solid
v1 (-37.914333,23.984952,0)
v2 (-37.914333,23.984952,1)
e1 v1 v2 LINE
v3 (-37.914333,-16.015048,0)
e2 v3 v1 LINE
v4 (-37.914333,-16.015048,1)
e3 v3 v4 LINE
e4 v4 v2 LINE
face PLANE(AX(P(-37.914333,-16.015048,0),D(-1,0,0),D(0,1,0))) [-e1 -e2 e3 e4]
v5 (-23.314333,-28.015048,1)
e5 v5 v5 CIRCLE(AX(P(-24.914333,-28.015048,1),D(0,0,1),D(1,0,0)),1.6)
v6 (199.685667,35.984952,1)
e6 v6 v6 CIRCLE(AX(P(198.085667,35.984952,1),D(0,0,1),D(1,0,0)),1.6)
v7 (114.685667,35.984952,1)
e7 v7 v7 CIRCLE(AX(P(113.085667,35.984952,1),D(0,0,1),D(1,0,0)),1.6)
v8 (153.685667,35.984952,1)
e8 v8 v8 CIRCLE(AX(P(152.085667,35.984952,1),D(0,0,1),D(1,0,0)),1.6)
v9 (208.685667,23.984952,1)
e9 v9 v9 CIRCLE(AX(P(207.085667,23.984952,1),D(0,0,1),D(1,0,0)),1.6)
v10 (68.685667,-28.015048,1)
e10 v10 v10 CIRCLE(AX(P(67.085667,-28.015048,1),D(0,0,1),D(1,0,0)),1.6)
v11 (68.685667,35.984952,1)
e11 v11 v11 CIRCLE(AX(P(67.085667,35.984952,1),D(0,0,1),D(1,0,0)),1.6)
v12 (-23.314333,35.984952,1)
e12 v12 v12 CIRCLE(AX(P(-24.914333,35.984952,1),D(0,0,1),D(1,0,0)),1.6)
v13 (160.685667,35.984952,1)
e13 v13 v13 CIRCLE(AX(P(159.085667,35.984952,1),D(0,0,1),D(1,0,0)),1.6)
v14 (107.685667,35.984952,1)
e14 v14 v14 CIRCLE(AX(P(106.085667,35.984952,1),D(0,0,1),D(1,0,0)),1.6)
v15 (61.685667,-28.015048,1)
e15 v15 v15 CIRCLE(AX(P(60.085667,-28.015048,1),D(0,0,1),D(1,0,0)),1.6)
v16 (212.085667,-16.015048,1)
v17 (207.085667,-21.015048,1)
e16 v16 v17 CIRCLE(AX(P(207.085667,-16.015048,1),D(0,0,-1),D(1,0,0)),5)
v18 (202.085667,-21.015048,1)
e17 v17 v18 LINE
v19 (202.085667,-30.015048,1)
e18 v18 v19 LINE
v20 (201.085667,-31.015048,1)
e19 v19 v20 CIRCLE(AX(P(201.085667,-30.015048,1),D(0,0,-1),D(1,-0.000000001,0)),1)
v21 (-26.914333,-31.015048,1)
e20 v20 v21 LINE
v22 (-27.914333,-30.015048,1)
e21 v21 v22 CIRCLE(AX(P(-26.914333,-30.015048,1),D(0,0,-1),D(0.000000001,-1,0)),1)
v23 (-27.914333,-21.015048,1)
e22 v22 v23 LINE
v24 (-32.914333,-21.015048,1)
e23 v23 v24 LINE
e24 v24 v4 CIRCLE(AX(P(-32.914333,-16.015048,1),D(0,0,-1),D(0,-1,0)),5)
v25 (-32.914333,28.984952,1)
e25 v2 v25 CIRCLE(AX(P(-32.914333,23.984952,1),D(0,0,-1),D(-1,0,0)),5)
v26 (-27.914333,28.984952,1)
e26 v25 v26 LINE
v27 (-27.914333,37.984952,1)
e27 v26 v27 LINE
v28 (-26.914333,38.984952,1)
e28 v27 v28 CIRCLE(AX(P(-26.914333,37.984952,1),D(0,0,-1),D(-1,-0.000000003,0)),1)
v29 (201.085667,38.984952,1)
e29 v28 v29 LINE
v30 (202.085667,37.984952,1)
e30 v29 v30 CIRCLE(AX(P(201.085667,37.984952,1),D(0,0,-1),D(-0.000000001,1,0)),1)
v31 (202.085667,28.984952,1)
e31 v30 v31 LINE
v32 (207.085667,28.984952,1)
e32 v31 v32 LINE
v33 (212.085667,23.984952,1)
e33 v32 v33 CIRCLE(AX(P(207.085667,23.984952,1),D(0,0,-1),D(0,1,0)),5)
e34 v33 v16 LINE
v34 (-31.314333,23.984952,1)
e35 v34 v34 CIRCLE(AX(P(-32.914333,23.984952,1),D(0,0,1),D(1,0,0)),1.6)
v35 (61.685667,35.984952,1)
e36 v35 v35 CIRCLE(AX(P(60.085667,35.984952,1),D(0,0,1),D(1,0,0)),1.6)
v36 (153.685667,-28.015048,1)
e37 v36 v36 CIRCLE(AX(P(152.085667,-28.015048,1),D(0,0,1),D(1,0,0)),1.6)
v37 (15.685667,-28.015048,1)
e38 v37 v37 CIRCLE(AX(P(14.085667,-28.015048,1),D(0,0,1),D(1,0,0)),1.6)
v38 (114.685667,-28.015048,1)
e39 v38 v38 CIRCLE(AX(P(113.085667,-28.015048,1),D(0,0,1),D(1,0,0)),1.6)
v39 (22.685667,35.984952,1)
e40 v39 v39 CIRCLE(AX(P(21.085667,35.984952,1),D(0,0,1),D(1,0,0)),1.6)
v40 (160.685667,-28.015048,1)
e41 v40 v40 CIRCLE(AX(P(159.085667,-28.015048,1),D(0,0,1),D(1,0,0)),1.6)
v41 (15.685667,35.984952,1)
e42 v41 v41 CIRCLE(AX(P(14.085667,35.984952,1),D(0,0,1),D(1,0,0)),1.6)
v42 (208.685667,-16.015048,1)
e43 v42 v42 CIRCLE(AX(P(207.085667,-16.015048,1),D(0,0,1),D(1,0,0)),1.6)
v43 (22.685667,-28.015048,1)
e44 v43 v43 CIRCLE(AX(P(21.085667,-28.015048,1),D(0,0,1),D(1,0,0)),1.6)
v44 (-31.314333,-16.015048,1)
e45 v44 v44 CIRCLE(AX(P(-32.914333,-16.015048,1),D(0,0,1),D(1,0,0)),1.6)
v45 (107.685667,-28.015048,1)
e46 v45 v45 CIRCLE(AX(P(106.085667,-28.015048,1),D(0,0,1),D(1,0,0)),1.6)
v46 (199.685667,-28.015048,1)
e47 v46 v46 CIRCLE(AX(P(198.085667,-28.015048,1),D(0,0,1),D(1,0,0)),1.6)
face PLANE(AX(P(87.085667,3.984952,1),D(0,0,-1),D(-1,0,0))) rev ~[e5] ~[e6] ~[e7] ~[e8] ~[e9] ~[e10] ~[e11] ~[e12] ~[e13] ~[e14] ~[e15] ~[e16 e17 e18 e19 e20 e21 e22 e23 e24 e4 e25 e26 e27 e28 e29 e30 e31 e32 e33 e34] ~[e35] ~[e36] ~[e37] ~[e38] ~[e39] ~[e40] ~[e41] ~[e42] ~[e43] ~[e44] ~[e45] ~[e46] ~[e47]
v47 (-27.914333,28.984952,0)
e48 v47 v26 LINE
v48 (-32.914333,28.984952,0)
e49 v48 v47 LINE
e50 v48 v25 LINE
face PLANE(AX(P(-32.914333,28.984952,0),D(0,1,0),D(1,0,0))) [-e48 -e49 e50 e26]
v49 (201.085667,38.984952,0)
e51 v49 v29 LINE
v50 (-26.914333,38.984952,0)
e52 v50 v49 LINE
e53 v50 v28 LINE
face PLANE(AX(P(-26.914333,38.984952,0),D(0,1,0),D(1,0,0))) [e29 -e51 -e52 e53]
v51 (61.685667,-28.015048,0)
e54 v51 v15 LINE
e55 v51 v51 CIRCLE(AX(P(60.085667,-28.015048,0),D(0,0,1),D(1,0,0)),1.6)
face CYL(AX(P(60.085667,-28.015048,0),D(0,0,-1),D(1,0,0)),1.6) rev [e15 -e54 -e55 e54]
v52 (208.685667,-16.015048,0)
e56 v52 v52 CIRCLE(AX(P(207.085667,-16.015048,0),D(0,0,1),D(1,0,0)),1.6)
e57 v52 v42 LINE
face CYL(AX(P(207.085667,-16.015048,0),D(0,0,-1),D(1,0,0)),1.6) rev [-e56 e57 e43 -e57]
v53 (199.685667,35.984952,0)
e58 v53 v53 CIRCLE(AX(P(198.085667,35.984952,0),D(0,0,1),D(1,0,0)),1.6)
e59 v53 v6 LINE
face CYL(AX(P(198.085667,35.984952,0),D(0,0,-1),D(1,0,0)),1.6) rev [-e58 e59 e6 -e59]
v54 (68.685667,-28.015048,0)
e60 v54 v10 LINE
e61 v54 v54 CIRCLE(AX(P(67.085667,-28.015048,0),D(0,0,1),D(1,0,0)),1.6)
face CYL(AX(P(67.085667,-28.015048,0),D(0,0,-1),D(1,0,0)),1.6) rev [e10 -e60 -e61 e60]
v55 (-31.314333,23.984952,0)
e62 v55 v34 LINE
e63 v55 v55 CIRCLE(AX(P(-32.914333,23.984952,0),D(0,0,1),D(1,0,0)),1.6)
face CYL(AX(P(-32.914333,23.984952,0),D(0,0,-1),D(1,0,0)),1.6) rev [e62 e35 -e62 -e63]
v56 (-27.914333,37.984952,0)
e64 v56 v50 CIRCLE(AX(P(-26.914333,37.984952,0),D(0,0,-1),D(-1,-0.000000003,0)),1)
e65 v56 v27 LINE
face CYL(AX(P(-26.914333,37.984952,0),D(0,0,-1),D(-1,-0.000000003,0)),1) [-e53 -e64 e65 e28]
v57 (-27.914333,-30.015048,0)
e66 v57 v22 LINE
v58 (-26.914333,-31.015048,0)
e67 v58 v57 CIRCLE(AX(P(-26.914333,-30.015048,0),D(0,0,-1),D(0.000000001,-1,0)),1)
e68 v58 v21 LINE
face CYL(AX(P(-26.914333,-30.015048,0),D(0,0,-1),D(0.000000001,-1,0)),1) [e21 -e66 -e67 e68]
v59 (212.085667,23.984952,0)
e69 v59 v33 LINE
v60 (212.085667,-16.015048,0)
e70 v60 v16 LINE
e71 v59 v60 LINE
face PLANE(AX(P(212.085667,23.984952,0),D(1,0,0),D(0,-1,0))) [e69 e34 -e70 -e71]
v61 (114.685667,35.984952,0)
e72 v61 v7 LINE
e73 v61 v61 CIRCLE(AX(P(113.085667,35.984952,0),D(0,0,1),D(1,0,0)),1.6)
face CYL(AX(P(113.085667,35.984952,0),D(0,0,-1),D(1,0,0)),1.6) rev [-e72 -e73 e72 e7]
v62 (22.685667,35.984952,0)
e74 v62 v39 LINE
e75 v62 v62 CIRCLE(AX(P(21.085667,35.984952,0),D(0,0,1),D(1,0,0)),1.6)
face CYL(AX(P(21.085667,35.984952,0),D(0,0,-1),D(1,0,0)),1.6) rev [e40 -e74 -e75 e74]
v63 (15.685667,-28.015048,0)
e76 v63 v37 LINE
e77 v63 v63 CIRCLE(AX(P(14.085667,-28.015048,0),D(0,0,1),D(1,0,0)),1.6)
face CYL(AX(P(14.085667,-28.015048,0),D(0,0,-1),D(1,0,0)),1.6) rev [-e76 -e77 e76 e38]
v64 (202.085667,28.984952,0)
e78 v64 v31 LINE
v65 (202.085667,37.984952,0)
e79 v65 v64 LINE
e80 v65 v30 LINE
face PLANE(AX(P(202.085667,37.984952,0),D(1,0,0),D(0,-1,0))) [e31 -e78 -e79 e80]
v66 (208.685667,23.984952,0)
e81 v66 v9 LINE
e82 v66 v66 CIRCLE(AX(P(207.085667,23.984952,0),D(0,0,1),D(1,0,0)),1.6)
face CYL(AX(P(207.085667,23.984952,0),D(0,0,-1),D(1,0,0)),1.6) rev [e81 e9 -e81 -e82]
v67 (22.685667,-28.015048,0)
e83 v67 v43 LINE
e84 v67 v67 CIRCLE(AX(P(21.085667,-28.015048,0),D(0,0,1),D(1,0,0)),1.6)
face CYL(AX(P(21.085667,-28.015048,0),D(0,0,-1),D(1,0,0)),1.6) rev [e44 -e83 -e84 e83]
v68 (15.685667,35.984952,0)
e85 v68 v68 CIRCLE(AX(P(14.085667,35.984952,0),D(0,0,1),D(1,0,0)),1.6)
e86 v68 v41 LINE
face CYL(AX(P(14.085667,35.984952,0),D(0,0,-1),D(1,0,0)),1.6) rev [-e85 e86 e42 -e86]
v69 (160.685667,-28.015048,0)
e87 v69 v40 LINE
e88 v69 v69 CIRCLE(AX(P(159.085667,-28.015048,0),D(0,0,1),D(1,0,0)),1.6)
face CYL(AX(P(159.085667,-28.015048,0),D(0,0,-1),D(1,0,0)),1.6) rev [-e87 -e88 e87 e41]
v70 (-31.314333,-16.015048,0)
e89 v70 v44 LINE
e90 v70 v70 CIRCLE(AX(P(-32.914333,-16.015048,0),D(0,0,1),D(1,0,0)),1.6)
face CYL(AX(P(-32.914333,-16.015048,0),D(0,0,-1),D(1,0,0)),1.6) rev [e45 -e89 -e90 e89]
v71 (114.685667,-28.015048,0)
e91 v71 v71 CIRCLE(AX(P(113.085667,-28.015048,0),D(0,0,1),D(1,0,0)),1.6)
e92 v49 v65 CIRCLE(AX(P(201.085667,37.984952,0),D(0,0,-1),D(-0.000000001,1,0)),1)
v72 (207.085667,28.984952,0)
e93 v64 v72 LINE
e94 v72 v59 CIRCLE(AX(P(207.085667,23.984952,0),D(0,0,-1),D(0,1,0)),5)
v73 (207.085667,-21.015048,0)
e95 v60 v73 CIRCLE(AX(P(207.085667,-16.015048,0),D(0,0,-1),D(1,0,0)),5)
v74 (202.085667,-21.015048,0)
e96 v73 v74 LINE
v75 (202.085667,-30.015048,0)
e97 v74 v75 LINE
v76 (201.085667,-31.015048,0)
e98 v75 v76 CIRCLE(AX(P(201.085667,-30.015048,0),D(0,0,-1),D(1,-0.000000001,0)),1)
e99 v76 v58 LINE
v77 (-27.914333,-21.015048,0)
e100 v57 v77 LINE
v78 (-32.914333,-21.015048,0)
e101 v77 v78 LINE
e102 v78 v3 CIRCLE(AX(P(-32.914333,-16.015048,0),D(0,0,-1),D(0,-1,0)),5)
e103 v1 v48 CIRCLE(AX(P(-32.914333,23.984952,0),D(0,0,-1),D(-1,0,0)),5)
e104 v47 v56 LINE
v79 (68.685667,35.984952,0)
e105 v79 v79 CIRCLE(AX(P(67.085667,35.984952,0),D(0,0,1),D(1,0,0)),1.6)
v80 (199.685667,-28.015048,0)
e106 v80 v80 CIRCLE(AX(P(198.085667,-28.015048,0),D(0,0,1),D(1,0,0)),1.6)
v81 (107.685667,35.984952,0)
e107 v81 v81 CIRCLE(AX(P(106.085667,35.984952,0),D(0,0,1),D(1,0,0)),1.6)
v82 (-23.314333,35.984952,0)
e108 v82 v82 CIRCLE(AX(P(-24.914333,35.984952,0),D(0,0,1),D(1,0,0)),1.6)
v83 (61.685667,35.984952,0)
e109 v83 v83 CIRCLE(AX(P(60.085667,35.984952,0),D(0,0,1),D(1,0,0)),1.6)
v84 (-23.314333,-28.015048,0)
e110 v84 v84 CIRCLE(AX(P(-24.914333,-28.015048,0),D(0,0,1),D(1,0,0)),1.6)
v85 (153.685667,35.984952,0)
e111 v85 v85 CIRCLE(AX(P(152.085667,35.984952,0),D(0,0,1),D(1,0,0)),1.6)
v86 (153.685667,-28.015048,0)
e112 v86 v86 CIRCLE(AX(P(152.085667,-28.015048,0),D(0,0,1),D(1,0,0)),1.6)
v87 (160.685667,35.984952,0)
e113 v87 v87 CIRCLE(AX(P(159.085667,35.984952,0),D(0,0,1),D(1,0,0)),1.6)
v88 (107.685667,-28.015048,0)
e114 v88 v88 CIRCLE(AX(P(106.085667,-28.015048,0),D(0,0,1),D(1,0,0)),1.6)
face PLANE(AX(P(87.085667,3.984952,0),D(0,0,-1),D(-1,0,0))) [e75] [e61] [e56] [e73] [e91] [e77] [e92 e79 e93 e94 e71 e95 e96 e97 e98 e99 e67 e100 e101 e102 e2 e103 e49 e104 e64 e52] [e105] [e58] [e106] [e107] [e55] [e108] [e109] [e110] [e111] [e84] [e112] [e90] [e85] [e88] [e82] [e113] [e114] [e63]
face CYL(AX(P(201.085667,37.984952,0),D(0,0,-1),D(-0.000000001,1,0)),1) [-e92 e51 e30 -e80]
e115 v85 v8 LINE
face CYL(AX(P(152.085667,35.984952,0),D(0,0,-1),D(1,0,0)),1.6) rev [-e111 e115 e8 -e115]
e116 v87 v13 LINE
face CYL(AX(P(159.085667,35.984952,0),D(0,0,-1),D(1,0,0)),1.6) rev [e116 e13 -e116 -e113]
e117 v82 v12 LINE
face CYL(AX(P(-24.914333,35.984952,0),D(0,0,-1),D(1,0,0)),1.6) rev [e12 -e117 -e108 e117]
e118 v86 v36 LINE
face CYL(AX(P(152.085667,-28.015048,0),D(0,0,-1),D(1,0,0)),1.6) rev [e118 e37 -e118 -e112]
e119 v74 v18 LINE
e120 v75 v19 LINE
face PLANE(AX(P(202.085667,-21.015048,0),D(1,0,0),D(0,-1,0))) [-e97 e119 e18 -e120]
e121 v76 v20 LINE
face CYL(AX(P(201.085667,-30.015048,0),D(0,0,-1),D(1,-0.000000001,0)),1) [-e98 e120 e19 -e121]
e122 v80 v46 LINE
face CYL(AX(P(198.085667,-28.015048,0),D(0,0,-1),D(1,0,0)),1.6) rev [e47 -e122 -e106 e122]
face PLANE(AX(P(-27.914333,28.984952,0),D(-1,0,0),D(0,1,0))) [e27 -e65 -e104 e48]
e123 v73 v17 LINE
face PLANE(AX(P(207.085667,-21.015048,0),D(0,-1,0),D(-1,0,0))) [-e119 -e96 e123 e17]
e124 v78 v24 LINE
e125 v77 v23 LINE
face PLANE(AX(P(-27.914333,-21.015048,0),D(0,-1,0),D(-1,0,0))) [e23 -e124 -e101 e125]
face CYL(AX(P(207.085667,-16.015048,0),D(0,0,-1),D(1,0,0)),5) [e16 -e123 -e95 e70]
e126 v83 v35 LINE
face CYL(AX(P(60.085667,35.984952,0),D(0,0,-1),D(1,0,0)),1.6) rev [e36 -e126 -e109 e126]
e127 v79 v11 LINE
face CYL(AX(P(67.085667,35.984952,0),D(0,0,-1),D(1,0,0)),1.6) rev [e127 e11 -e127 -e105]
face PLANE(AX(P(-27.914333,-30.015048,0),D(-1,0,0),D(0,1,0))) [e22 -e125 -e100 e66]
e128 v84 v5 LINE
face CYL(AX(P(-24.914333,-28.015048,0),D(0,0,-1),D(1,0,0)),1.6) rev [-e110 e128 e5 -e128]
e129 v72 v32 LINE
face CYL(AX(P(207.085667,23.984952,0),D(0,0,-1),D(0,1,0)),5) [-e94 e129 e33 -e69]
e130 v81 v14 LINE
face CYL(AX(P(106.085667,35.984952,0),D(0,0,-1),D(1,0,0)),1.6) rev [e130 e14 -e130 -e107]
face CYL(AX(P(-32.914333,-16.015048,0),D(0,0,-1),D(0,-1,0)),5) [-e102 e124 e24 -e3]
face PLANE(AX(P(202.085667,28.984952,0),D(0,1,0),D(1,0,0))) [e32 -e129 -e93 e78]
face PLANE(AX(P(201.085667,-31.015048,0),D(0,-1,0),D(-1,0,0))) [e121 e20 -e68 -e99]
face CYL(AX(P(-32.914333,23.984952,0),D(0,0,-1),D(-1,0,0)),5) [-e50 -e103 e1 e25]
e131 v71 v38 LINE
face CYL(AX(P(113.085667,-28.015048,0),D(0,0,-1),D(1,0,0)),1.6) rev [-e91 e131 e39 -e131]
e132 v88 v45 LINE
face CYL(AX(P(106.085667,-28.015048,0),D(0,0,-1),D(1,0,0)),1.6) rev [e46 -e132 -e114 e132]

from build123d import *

# Parameters (mm, degrees)
SKETCH1_R           = 1.6
BOSS_EXTRUDE1_DEPTH = 1


with BuildPart() as part:
    # Sketch1 → Boss-Extrude1 (new body)
    with BuildSketch(Plane.XY):
        with BuildLine():
            Line((202.085666764, -21.015048426), (202.085666764, -30.015048426))
            ThreePointArc((202.085666764, -30.015048426), (201.792773545, -30.722155207), (201.085666764, -31.015048426))
            Line((201.085666764, -31.015048426), (-26.914333236, -31.015048426))
            ThreePointArc((-26.914333236, -31.015048426), (-27.621440018, -30.722155207), (-27.914333236, -30.015048426))
            Line((-27.914333236, -30.015048426), (-27.914333236, -21.015048426))
            Line((-27.914333236, -21.015048426), (-32.914333236, -21.015048426))
            ThreePointArc((-32.914333236, -21.015048426), (-36.449867142, -19.550582332), (-37.914333236, -16.015048426))
            Line((-37.914333236, -16.015048426), (-37.914333236, 23.984951574))
            ThreePointArc((-37.914333236, 23.984951574), (-36.449867142, 27.52048548), (-32.914333236, 28.984951574))
            Line((-32.914333236, 28.984951574), (-27.914333236, 28.984951574))
            Line((-27.914333236, 28.984951574), (-27.914333236, 37.984951574))
            ThreePointArc((-27.914333236, 37.984951574), (-27.621440018, 38.692058356), (-26.914333236, 38.984951574))
            Line((-26.914333236, 38.984951574), (201.085666764, 38.984951574))
            ThreePointArc((201.085666764, 38.984951574), (201.792773545, 38.692058356), (202.085666764, 37.984951574))
            Line((202.085666764, 37.984951574), (202.085666764, 28.984951574))
            Line((202.085666764, 28.984951574), (207.085666764, 28.984951574))
            ThreePointArc((207.085666764, 28.984951574), (210.62120067, 27.52048548), (212.085666764, 23.984951574))
            Line((212.085666764, 23.984951574), (212.085666764, -16.015048426))
            ThreePointArc((212.085666764, -16.015048426), (210.62120067, -19.550582332), (207.085666764, -21.015048426))
            Line((207.085666764, -21.015048426), (202.085666764, -21.015048426))
        make_face()
        with Locations((-24.914333236, 35.984951574)):
            Circle(SKETCH1_R, mode=Mode.SUBTRACT)
        with Locations((14.085666764, 35.984951574)):
            Circle(SKETCH1_R, mode=Mode.SUBTRACT)
        with Locations((-24.914333236, -28.015048426)):
            Circle(SKETCH1_R, mode=Mode.SUBTRACT)
        with Locations((14.085666764, -28.015048426)):
            Circle(SKETCH1_R, mode=Mode.SUBTRACT)
        with Locations((21.085666764, 35.984951574)):
            Circle(SKETCH1_R, mode=Mode.SUBTRACT)
        with Locations((60.085666764, 35.984951574)):
            Circle(SKETCH1_R, mode=Mode.SUBTRACT)
        with Locations((60.085666764, -28.015048426)):
            Circle(SKETCH1_R, mode=Mode.SUBTRACT)
        with Locations((21.085666764, -28.015048426)):
            Circle(SKETCH1_R, mode=Mode.SUBTRACT)
        with Locations((67.085666764, 35.984951574)):
            Circle(SKETCH1_R, mode=Mode.SUBTRACT)
        with Locations((106.085666764, 35.984951574)):
            Circle(SKETCH1_R, mode=Mode.SUBTRACT)
        with Locations((106.085666764, -28.015048426)):
            Circle(SKETCH1_R, mode=Mode.SUBTRACT)
        with Locations((67.085666764, -28.015048426)):
            Circle(SKETCH1_R, mode=Mode.SUBTRACT)
        with Locations((113.085666764, 35.984951574)):
            Circle(SKETCH1_R, mode=Mode.SUBTRACT)
        with Locations((152.085666764, 35.984951574)):
            Circle(SKETCH1_R, mode=Mode.SUBTRACT)
        with Locations((152.085666764, -28.015048426)):
            Circle(SKETCH1_R, mode=Mode.SUBTRACT)
        with Locations((113.085666764, -28.015048426)):
            Circle(SKETCH1_R, mode=Mode.SUBTRACT)
        with Locations((159.085666764, 35.984951574)):
            Circle(SKETCH1_R, mode=Mode.SUBTRACT)
        with Locations((198.085666764, 35.984951574)):
            Circle(SKETCH1_R, mode=Mode.SUBTRACT)
        with Locations((198.085666764, -28.015048426)):
            Circle(SKETCH1_R, mode=Mode.SUBTRACT)
        with Locations((159.085666764, -28.015048426)):
            Circle(SKETCH1_R, mode=Mode.SUBTRACT)
        with Locations((-32.914333236, -16.015048426)):
            Circle(SKETCH1_R, mode=Mode.SUBTRACT)
        with Locations((-32.914333236, 23.984951574)):
            Circle(SKETCH1_R, mode=Mode.SUBTRACT)
        with Locations((207.085666764, 23.984951574)):
            Circle(SKETCH1_R, mode=Mode.SUBTRACT)
        with Locations((207.085666764, -16.015048426)):
            Circle(SKETCH1_R, mode=Mode.SUBTRACT)
    extrude(amount=BOSS_EXTRUDE1_DEPTH)


solid = part.part
